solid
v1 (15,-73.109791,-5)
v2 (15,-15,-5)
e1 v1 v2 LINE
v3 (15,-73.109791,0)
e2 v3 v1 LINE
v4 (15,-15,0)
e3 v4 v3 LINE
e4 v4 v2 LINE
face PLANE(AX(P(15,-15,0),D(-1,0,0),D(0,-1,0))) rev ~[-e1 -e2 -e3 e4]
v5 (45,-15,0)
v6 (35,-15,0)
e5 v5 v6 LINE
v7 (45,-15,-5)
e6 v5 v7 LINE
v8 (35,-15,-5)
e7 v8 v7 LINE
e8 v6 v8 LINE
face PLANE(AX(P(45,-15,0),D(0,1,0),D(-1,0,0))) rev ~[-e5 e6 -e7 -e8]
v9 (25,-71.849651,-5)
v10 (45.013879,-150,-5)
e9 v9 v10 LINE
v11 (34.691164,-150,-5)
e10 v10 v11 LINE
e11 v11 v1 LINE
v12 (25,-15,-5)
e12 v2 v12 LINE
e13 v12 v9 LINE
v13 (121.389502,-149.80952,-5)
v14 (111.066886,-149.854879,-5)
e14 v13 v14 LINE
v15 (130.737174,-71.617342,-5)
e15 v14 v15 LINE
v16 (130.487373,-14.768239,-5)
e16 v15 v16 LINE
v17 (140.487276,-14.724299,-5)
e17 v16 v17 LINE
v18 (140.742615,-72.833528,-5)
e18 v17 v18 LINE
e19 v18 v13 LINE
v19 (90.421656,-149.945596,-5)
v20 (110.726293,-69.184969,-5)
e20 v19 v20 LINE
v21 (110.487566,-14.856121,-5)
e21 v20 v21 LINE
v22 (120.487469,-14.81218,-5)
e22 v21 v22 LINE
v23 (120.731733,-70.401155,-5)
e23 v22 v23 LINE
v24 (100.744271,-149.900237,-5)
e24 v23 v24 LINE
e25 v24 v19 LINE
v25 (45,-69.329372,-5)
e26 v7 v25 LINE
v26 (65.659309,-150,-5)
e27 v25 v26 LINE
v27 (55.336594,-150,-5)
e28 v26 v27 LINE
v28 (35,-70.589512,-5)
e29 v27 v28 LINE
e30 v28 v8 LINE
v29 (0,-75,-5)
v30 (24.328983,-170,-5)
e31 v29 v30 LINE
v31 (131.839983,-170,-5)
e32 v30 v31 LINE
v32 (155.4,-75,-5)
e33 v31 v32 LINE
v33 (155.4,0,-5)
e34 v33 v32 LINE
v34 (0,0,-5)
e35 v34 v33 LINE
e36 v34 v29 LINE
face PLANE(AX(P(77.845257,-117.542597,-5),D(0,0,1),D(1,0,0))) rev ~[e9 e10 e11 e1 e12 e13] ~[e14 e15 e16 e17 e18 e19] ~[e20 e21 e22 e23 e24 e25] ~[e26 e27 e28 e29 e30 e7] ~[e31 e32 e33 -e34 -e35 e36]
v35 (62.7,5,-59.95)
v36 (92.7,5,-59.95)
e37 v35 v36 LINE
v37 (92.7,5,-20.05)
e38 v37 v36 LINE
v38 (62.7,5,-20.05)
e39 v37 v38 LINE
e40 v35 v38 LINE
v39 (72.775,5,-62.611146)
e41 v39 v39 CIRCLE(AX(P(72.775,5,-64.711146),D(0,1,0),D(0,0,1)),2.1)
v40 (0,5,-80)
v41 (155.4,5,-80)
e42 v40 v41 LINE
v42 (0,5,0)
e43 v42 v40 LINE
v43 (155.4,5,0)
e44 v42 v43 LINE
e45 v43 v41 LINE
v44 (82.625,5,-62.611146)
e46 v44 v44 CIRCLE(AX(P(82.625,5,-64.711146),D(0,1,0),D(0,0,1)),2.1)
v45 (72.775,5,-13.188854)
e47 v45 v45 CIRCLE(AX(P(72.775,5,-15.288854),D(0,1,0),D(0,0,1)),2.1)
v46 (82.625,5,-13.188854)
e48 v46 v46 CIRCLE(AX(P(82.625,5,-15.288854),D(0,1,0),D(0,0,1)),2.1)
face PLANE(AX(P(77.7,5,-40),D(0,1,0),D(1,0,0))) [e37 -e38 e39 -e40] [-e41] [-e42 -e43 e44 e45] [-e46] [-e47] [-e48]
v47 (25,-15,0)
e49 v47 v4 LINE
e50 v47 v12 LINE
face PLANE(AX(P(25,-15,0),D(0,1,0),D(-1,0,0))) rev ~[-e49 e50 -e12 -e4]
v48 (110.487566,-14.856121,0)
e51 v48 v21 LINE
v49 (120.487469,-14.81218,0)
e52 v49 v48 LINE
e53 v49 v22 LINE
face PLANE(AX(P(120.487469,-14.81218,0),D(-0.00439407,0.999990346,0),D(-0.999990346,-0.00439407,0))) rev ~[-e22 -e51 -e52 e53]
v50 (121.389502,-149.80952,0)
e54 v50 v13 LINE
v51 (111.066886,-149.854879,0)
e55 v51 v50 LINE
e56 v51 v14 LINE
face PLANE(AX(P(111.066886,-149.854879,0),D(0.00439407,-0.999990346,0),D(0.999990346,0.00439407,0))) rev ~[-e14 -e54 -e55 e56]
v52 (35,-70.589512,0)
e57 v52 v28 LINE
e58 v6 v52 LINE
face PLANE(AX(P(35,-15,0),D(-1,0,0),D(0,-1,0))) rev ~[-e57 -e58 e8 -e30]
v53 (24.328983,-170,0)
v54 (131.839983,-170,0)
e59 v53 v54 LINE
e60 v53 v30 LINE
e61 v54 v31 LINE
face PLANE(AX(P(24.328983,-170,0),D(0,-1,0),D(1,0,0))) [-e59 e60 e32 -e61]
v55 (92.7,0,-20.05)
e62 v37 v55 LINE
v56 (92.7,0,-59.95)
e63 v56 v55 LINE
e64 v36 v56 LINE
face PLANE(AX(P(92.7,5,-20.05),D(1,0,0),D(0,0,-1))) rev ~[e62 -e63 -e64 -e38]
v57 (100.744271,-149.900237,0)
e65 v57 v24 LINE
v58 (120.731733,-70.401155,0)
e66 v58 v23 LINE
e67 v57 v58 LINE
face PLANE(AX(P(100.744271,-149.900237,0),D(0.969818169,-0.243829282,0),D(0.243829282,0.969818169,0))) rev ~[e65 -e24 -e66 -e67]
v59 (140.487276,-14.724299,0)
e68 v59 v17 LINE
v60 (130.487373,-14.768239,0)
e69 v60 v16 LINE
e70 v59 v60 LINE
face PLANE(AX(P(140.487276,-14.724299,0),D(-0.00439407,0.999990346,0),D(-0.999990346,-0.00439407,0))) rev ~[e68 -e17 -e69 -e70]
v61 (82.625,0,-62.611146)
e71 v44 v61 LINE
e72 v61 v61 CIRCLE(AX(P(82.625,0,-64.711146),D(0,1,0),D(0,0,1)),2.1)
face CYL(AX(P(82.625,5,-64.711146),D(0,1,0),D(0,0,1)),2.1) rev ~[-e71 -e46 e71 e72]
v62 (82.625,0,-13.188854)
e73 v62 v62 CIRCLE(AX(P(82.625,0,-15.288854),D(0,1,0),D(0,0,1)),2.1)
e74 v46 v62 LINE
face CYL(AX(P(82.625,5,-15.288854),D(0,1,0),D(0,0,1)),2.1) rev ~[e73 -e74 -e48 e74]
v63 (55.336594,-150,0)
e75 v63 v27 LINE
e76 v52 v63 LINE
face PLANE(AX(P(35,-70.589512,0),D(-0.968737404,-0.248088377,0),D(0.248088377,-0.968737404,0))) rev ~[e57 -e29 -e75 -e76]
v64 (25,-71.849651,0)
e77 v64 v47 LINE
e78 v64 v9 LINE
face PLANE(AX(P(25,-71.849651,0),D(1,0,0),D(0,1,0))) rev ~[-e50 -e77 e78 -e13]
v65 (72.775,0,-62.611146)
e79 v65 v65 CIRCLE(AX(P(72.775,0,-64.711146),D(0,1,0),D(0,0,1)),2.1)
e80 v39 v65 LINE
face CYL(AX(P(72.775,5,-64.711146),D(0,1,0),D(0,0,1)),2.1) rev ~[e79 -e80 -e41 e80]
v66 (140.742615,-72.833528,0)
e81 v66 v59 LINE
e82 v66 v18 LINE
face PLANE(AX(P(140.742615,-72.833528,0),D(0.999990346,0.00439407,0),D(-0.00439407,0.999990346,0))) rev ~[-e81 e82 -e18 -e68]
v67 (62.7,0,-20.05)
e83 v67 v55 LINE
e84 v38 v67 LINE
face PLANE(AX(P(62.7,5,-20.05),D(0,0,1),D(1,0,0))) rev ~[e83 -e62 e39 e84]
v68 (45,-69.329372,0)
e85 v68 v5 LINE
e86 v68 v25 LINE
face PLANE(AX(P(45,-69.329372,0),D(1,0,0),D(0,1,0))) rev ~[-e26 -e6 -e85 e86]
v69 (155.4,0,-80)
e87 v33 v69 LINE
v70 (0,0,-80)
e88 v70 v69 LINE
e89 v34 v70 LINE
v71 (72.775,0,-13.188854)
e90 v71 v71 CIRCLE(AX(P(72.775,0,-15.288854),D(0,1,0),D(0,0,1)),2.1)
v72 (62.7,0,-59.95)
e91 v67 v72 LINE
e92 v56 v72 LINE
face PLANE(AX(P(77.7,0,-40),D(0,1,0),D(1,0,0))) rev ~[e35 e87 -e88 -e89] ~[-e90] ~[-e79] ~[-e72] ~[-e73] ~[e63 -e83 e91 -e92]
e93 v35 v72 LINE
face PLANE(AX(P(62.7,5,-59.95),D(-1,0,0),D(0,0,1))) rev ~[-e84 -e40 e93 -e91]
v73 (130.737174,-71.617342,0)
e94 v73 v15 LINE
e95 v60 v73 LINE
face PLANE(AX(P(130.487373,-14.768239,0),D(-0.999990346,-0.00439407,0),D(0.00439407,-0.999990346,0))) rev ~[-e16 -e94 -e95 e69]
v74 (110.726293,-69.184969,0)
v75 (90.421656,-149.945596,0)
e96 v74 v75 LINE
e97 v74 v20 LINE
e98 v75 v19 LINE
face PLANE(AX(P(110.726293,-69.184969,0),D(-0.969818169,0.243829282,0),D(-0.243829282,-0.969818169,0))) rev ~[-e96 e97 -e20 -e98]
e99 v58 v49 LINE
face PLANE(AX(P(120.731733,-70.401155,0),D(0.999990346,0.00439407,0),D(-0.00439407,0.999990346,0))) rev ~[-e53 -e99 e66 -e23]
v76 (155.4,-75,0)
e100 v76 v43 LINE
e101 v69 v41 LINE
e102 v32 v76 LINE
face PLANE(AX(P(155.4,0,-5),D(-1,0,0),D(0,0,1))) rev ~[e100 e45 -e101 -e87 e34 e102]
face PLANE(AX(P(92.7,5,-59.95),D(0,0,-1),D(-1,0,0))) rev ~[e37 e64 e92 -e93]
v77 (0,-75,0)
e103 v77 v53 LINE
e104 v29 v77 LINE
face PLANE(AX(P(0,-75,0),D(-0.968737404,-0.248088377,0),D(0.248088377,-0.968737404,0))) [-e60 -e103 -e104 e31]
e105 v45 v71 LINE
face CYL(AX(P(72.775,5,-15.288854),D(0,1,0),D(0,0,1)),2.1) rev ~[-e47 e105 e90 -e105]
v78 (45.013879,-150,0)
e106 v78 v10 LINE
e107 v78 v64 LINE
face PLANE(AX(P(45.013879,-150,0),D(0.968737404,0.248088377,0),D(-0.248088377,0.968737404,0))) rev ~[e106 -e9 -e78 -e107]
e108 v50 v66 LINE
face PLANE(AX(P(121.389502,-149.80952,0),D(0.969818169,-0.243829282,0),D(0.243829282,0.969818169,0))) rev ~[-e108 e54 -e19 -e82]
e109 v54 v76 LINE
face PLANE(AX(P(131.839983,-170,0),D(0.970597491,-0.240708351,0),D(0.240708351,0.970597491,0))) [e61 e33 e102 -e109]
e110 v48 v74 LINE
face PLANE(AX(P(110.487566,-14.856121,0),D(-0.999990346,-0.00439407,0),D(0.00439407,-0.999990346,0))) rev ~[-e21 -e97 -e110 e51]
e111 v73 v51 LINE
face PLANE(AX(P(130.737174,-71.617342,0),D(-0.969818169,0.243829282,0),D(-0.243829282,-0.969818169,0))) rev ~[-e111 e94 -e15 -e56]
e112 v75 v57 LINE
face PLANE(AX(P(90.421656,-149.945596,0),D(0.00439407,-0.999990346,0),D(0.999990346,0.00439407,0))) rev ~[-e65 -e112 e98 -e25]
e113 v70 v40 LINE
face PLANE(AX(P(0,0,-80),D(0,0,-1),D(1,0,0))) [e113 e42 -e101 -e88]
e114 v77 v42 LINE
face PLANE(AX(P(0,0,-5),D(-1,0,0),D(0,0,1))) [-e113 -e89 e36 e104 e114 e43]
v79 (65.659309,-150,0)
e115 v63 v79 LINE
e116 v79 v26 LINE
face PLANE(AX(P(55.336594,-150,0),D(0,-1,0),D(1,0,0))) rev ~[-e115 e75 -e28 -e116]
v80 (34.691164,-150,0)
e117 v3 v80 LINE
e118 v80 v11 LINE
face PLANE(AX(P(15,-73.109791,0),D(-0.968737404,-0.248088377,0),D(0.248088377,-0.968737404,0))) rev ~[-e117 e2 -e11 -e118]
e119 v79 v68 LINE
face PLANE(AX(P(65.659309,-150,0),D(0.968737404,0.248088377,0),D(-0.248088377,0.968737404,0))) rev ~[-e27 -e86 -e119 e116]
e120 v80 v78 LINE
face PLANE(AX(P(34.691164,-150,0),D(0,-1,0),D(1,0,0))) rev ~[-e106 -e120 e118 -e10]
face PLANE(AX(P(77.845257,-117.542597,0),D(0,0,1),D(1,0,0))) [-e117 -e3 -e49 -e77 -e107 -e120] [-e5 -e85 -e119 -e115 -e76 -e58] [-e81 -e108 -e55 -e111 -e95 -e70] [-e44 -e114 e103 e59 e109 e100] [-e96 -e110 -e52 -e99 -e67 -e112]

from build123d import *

# Parameters (mm, degrees)
SKETCH1_W           = 155.4
SKETCH1_H           = 80
BOSS_EXTRUDE1_DEPTH = 5
SKETCH2_W           = 155.4
SKETCH2_H           = 5
BOSS_EXTRUDE2_DEPTH = 75
BOSS_EXTRUDE3_DEPTH = 5
CUT_EXTRUDE2_REACH  = 249.334
SKETCH7_R           = 2.1
CUT_EXTRUDE3_REACH  = 245.822


with BuildPart() as part:
    # Sketch1 → Boss-Extrude1 (new body)
    with BuildSketch(Plane(origin=(0, 0, 0), x_dir=(1, 0, 0), z_dir=(0, 1, 0))):
        with Locations((77.7, 40)):
            Rectangle(SKETCH1_W, SKETCH1_H)
    extrude(amount=BOSS_EXTRUDE1_DEPTH)

    # Sketch2 → Boss-Extrude2 (add)
    with BuildSketch(Plane.XZ):
        with Locations((77.7, -2.5)):
            Rectangle(SKETCH2_W, SKETCH2_H)
    extrude(amount=BOSS_EXTRUDE2_DEPTH)

    # Sketch4 → Boss-Extrude3 (add)
    with BuildSketch(Plane.XY):
        Polygon((131.839983018, -170), (155.4, -75), (0.768966036, -75), (0, -75), (24.328983018, -170), (26.154336071, -170), align=None)
    extrude(amount=-BOSS_EXTRUDE3_DEPTH)

    # Sketch7 → Cut-Extrude2 (cut, up to next)
    with BuildSketch(Plane(origin=(0, 5, 0), x_dir=(1, 0, 0), z_dir=(0, 1, 0)), mode=Mode.PRIVATE) as cut_extrude2_sk1:
        with BuildLine():
            Line((92.7, 20.05), (92.7, 59.95))
            Line((92.7, 59.95), (77.7, 59.95))
            Line((77.7, 59.95), (77.7, 36.45))
            ThreePointArc((77.7, 36.45), (82.331549417, 34.531549417), (84.25, 29.9))
            ThreePointArc((84.25, 29.9), (82.331549417, 25.268450583), (77.7, 23.35))
            Line((77.7, 23.35), (77.7, 20.05))
            Line((77.7, 20.05), (92.7, 20.05))
        make_face()
    cut_extrude2_tool1 = extrude(cut_extrude2_sk1.sketch, amount=-CUT_EXTRUDE2_REACH, mode=Mode.PRIVATE) & part.part
    # Sketch7 → Cut-Extrude2 (cut, up to next)
    with BuildSketch(Plane(origin=(0, 5, 0), x_dir=(1, 0, 0), z_dir=(0, 1, 0)), mode=Mode.PRIVATE) as cut_extrude2_sk2:
        with BuildLine():
            Line((77.7, 36.45), (77.7, 59.95))
            Line((77.7, 59.95), (62.7, 59.95))
            Line((62.7, 59.95), (62.7, 20.05))
            Line((62.7, 20.05), (77.7, 20.05))
            Line((77.7, 20.05), (77.7, 23.35))
            ThreePointArc((77.7, 23.35), (71.15, 29.9), (77.7, 36.45))
        make_face()
    cut_extrude2_tool2 = extrude(cut_extrude2_sk2.sketch, amount=-CUT_EXTRUDE2_REACH, mode=Mode.PRIVATE) & part.part
    # Sketch7 → Cut-Extrude2 (cut, up to next)
    with BuildSketch(Plane(origin=(0, 5, 0), x_dir=(1, 0, 0), z_dir=(0, 1, 0)), mode=Mode.PRIVATE) as cut_extrude2_sk3:
        with BuildLine():
            ThreePointArc((84.25, 29.9), (82.331549417, 34.531549417), (77.7, 36.45))
            Line((77.7, 36.45), (77.7, 23.35))
            ThreePointArc((77.7, 23.35), (82.331549417, 25.268450583), (84.25, 29.9))
        make_face()
    cut_extrude2_tool3 = extrude(cut_extrude2_sk3.sketch, amount=-CUT_EXTRUDE2_REACH, mode=Mode.PRIVATE) & part.part
    # Sketch7 → Cut-Extrude2 (cut, up to next)
    with BuildSketch(Plane(origin=(0, 5, 0), x_dir=(1, 0, 0), z_dir=(0, 1, 0)), mode=Mode.PRIVATE) as cut_extrude2_sk4:
        with BuildLine():
            Line((77.7, 23.35), (77.7, 36.45))
            ThreePointArc((77.7, 36.45), (71.15, 29.9), (77.7, 23.35))
        make_face()
    cut_extrude2_tool4 = extrude(cut_extrude2_sk4.sketch, amount=-CUT_EXTRUDE2_REACH, mode=Mode.PRIVATE) & part.part
    # Sketch7 → Cut-Extrude2 (cut, up to next)
    with BuildSketch(Plane(origin=(0, 5, 0), x_dir=(1, 0, 0), z_dir=(0, 1, 0)), mode=Mode.PRIVATE) as cut_extrude2_sk5:
        with BuildLine():
            ThreePointArc((84.25, 29.9), (82.331549417, 34.531549417), (77.7, 36.45))
            Line((77.7, 36.45), (77.7, 23.35))
            ThreePointArc((77.7, 23.35), (82.331549417, 25.268450583), (84.25, 29.9))
        make_face()
    cut_extrude2_tool5 = extrude(cut_extrude2_sk5.sketch, amount=-CUT_EXTRUDE2_REACH, mode=Mode.PRIVATE) & part.part
    # Sketch7 → Cut-Extrude2 (cut, up to next)
    with BuildSketch(Plane(origin=(0, 5, 0), x_dir=(1, 0, 0), z_dir=(0, 1, 0)), mode=Mode.PRIVATE) as cut_extrude2_sk6:
        with BuildLine():
            Line((77.7, 23.35), (77.7, 36.45))
            ThreePointArc((77.7, 36.45), (71.15, 29.9), (77.7, 23.35))
        make_face()
    cut_extrude2_tool6 = extrude(cut_extrude2_sk6.sketch, amount=-CUT_EXTRUDE2_REACH, mode=Mode.PRIVATE) & part.part
    # Sketch7 → Cut-Extrude2 (cut, up to next)
    with BuildSketch(Plane(origin=(0, 5, 0), x_dir=(1, 0, 0), z_dir=(0, 1, 0)), mode=Mode.PRIVATE) as cut_extrude2_sk7:
        with Locations(Location((82.625, 15.288854382, 0), (0, 0, 270))):
            Circle(SKETCH7_R)
    cut_extrude2_tool7 = extrude(cut_extrude2_sk7.sketch, amount=-CUT_EXTRUDE2_REACH, mode=Mode.PRIVATE) & part.part
    # Sketch7 → Cut-Extrude2 (cut, up to next)
    with BuildSketch(Plane(origin=(0, 5, 0), x_dir=(1, 0, 0), z_dir=(0, 1, 0)), mode=Mode.PRIVATE) as cut_extrude2_sk8:
        with Locations(Location((72.775, 15.288854382, 0), (0, 0, 270))):
            Circle(SKETCH7_R)
    cut_extrude2_tool8 = extrude(cut_extrude2_sk8.sketch, amount=-CUT_EXTRUDE2_REACH, mode=Mode.PRIVATE) & part.part
    # Sketch7 → Cut-Extrude2 (cut, up to next)
    with BuildSketch(Plane(origin=(0, 5, 0), x_dir=(1, 0, 0), z_dir=(0, 1, 0)), mode=Mode.PRIVATE) as cut_extrude2_sk9:
        with Locations(Location((72.775, 64.711145618, 0), (0, 0, 270))):
            Circle(SKETCH7_R)
    cut_extrude2_tool9 = extrude(cut_extrude2_sk9.sketch, amount=-CUT_EXTRUDE2_REACH, mode=Mode.PRIVATE) & part.part
    # Sketch7 → Cut-Extrude2 (cut, up to next)
    with BuildSketch(Plane(origin=(0, 5, 0), x_dir=(1, 0, 0), z_dir=(0, 1, 0)), mode=Mode.PRIVATE) as cut_extrude2_sk10:
        with Locations(Location((82.625, 64.711145618, 0), (0, 0, 270))):
            Circle(SKETCH7_R)
    cut_extrude2_tool10 = extrude(cut_extrude2_sk10.sketch, amount=-CUT_EXTRUDE2_REACH, mode=Mode.PRIVATE) & part.part
    add(cut_extrude2_tool1.solids().sort_by_distance((85.798921, 5, -41.281564))[0], mode=Mode.SUBTRACT)
    add(cut_extrude2_tool2.solids().sort_by_distance((69.601079, 5, -41.281564))[0], mode=Mode.SUBTRACT)
    add(cut_extrude2_tool3.solids().sort_by_distance((80.479906, 5, -29.9))[0], mode=Mode.SUBTRACT)
    add(cut_extrude2_tool4.solids().sort_by_distance((74.920094, 5, -29.9))[0], mode=Mode.SUBTRACT)
    add(cut_extrude2_tool5.solids().sort_by_distance((80.479906, 5, -29.9))[0], mode=Mode.SUBTRACT)
    add(cut_extrude2_tool6.solids().sort_by_distance((74.920094, 5, -29.9))[0], mode=Mode.SUBTRACT)
    add(cut_extrude2_tool7.solids().sort_by_distance((82.625, 5, -15.288854))[0], mode=Mode.SUBTRACT)
    add(cut_extrude2_tool8.solids().sort_by_distance((72.775, 5, -15.288854))[0], mode=Mode.SUBTRACT)
    add(cut_extrude2_tool9.solids().sort_by_distance((72.775, 5, -64.711146))[0], mode=Mode.SUBTRACT)
    add(cut_extrude2_tool10.solids().sort_by_distance((82.625, 5, -64.711146))[0], mode=Mode.SUBTRACT)

    # Sketch8 → Cut-Extrude3 (cut, up to next)
    with BuildSketch(Plane.XY, mode=Mode.PRIVATE) as cut_extrude3_sk1:
        Polygon((25, -71.849651243), (25, -15), (15, -15), (15, -73.109790746), (34.69116416, -150), (45.013879029, -150), align=None)
    cut_extrude3_tool1 = extrude(cut_extrude3_sk1.sketch, amount=-CUT_EXTRUDE3_REACH, mode=Mode.PRIVATE) & part.part
    # Sketch8 → Cut-Extrude3 (cut, up to next)
    with BuildSketch(Plane.XY, mode=Mode.PRIVATE) as cut_extrude3_sk2:
        Polygon((45, -15), (35, -15), (35, -70.589511741), (55.336593898, -150), (65.659308767, -150), (45, -69.329372238), align=None)
    cut_extrude3_tool2 = extrude(cut_extrude3_sk2.sketch, amount=-CUT_EXTRUDE3_REACH, mode=Mode.PRIVATE) & part.part
    # Sketch8 → Cut-Extrude3 (cut, up to next)
    with BuildSketch(Plane.XY, mode=Mode.PRIVATE) as cut_extrude3_sk3:
        Polygon((90.421655908, -149.945595989), (100.744271122, -149.900237253), (120.731733413, -70.401155194), (120.487469184, -14.812180114), (110.487565723, -14.856120818), (110.726292811, -69.184968561), align=None)
    cut_extrude3_tool3 = extrude(cut_extrude3_sk3.sketch, amount=-CUT_EXTRUDE3_REACH, mode=Mode.PRIVATE) & part.part
    # Sketch8 → Cut-Extrude3 (cut, up to next)
    with BuildSketch(Plane.XY, mode=Mode.PRIVATE) as cut_extrude3_sk4:
        Polygon((111.066886336, -149.854878517), (121.389501549, -149.809519781), (140.742614617, -72.833528461), (140.487276104, -14.724298705), (130.487372644, -14.768239409), (130.737174015, -71.617341828), align=None)
    cut_extrude3_tool4 = extrude(cut_extrude3_sk4.sketch, amount=-CUT_EXTRUDE3_REACH, mode=Mode.PRIVATE) & part.part
    add(cut_extrude3_tool1.solids().sort_by_distance((25.777168, -83.022875, 0))[0], mode=Mode.SUBTRACT)
    add(cut_extrude3_tool2.solids().sort_by_distance((46.155254, -83.015898, 0))[0], mode=Mode.SUBTRACT)
    add(cut_extrude3_tool3.solids().sort_by_distance((109.631189, -82.876438, 0))[0], mode=Mode.SUBTRACT)
    add(cut_extrude3_tool4.solids().sort_by_distance((130.00911, -82.793873, 0))[0], mode=Mode.SUBTRACT)


solid = part.part
